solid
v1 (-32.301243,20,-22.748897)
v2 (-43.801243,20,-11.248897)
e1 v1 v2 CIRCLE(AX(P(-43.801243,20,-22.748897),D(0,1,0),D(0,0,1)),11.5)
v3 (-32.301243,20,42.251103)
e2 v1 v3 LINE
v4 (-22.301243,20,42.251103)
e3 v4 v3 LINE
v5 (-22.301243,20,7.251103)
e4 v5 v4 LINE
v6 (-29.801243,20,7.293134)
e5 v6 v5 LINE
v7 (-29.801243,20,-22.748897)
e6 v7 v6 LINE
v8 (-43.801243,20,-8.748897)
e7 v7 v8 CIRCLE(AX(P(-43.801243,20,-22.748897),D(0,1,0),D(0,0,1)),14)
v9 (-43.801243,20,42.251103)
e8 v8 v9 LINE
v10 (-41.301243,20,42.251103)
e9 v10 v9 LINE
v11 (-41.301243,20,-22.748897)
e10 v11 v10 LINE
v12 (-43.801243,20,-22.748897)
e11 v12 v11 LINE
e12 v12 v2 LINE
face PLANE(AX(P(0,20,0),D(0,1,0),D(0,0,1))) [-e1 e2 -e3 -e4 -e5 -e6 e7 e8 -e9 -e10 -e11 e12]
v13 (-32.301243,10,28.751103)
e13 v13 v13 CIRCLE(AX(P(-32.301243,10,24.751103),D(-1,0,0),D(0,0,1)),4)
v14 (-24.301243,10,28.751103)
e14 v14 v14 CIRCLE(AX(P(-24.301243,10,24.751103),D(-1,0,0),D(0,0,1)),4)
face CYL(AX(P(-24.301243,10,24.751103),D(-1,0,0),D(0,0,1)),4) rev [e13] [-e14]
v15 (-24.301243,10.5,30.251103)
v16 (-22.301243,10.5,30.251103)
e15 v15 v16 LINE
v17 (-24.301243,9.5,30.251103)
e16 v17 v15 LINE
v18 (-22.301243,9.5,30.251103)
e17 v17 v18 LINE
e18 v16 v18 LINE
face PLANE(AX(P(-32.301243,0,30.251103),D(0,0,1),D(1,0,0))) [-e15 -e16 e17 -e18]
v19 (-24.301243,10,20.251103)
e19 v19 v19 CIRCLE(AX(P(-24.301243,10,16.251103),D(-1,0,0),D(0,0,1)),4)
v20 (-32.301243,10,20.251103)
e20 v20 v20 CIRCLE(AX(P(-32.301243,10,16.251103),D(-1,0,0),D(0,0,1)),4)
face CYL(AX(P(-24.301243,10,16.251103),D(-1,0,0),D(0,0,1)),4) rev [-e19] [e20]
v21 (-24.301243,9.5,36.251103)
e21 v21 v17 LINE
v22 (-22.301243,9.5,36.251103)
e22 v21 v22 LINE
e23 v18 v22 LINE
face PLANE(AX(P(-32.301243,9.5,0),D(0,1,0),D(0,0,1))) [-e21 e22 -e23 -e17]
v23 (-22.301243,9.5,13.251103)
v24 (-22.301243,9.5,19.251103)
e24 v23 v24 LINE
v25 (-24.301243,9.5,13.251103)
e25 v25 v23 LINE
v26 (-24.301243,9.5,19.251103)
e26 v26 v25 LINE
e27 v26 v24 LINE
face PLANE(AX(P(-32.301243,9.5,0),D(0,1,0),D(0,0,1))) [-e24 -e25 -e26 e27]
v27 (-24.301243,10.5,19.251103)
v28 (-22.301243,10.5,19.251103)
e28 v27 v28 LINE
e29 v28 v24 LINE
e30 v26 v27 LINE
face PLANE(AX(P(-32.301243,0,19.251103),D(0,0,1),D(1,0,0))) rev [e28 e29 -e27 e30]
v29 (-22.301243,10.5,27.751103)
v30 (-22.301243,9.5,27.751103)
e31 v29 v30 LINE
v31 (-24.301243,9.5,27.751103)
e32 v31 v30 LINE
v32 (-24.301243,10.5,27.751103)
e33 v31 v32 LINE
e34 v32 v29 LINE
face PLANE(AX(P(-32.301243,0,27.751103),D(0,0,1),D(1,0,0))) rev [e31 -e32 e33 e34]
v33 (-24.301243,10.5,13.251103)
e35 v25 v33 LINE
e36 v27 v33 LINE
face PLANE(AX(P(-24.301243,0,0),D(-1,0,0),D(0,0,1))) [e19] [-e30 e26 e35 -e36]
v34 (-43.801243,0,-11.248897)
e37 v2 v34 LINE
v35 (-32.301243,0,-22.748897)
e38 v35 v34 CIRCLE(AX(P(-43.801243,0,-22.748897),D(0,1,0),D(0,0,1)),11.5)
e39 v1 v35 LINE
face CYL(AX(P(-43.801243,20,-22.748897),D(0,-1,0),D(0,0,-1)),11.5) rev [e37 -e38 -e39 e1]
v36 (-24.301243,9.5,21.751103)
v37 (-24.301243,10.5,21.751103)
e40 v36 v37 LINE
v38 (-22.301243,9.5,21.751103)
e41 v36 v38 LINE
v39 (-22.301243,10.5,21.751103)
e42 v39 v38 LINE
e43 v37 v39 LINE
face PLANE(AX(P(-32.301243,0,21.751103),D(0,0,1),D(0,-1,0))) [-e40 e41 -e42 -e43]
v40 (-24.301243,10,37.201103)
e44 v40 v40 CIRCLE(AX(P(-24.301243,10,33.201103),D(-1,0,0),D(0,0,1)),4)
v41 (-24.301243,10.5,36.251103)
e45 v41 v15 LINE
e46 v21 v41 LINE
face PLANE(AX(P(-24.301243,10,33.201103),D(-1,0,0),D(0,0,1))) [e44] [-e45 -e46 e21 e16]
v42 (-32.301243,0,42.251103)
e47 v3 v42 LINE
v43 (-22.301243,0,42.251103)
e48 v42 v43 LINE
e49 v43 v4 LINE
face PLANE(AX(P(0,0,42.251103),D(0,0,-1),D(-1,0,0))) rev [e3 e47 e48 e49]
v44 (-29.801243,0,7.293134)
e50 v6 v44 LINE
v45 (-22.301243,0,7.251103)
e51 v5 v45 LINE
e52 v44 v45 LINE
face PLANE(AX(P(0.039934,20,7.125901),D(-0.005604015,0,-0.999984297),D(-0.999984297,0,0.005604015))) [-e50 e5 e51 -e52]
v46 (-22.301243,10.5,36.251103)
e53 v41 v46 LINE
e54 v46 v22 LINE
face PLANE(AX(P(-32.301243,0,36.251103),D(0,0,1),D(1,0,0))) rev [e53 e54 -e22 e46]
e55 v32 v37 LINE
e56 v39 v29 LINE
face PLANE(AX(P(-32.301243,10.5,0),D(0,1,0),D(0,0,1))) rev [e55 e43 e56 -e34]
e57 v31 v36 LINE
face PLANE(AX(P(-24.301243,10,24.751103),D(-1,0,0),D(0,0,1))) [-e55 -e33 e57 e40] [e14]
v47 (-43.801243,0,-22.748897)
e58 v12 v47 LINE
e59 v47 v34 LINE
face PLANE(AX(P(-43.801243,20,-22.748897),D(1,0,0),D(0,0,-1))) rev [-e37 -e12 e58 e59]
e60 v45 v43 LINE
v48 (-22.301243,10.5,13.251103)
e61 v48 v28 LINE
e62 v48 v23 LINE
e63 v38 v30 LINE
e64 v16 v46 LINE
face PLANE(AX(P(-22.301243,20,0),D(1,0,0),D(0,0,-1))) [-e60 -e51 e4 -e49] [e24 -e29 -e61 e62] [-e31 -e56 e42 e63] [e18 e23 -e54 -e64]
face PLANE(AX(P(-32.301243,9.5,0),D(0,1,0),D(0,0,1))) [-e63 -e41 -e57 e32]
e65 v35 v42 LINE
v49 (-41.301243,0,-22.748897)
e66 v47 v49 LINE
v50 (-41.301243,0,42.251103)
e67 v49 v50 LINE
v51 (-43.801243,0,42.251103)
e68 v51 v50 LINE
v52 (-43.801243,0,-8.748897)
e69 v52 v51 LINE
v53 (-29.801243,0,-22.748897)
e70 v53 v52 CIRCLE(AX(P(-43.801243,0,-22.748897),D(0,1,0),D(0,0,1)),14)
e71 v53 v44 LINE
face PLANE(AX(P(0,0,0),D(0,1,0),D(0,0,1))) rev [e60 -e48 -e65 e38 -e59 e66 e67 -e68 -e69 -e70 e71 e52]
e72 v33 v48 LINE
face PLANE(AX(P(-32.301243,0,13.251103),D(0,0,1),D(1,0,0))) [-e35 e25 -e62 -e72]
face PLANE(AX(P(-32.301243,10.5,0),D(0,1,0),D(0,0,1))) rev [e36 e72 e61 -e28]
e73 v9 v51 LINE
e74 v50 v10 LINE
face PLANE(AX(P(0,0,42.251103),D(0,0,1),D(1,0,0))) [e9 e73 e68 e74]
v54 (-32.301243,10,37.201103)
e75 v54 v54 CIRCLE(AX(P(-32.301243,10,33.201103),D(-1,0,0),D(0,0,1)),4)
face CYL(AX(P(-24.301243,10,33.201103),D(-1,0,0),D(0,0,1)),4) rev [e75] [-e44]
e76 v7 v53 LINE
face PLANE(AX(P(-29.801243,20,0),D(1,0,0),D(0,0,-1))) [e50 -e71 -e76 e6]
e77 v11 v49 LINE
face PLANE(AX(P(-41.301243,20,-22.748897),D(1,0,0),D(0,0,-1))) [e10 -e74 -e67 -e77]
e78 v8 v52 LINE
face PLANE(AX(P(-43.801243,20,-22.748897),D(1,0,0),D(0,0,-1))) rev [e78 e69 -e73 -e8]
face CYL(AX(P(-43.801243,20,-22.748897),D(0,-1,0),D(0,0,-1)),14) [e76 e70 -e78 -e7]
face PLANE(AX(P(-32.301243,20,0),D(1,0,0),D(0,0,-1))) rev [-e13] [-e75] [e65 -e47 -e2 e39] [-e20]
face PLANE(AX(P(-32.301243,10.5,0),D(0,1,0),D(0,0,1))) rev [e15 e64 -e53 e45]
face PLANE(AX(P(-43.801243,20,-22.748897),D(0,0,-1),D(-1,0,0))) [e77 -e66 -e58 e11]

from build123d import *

# Parameters (mm, degrees)
BOSS_EXTRUDE1_DEPTH = 20
SKETCH2_R           = 4
CUT_EXTRUDE2_DEPTH  = 8
CUT_EXTRUDE4_DEPTH  = 10
SKETCH6_W           = 2.5
SKETCH6_H           = 20
SKETCH6_W_2         = 10
BOSS_EXTRUDE3_DEPTH = 5


with BuildPart() as part:
    # Sketch1 → Boss-Extrude1 (new body)
    with BuildSketch(Plane(origin=(0, 0, 0), x_dir=(1, 0, 0), z_dir=(0, 1, 0))):
        with BuildLine():
            Line((-29.801242739, -7.293134051), (-29.801242739, 22.74889672))
            ThreePointArc((-29.801242739, 22.74889672), (-53.700737675, 32.648391657), (-43.801242739, 8.74889672))
            Line((-43.801242739, 8.74889672), (-43.801242739, -37.25110328))
            Line((-43.801242739, -37.25110328), (-41.301242739, -37.25110328))
            Line((-41.301242739, -37.25110328), (-41.301242739, 22.74889672))
            Line((-41.301242739, 22.74889672), (-43.801242739, 22.74889672))
            Line((-43.801242739, 22.74889672), (-43.801242739, 11.24889672))
            ThreePointArc((-43.801242739, 11.24889672), (-51.932970722, 30.880624704), (-32.301242739, 22.74889672))
            Line((-32.301242739, 22.74889672), (-32.301242739, -37.25110328))
            Line((-32.301242739, -37.25110328), (-22.301242739, -37.25110328))
            Line((-22.301242739, -37.25110328), (-22.301242739, -7.25110328))
            Line((-22.301242739, -7.25110328), (-29.801242739, -7.293134051))
        make_face()
    extrude(amount=BOSS_EXTRUDE1_DEPTH)

    # Sketch2 → Cut-Extrude2 (cut)
    with BuildSketch(Plane.ZY.offset(32.301242739)):
        with Locations((16.25110328, 10)):
            Circle(SKETCH2_R)
        with Locations((33.20110328, 10)):
            Circle(SKETCH2_R)
        with Locations((24.75110328, 10)):
            Circle(SKETCH2_R)
    extrude(amount=-CUT_EXTRUDE2_DEPTH, mode=Mode.SUBTRACT)

    # Sketch3 → Cut-Extrude4 (cut)
    with BuildSketch(Plane(origin=(-22.301242739, 0, 0), x_dir=(0, 0, -1), z_dir=(1, 0, 0))):
        Polygon((-24.75110328, 10), (-27.75110328, 10.5), (-27.75110328, 9.5), align=None)
        Polygon((-21.75110328, 10.5), (-27.75110328, 10.5), (-24.75110328, 10), align=None)
        Polygon((-21.75110328, 10.5), (-24.75110328, 10), (-21.75110328, 9.5), align=None)
        Polygon((-21.75110328, 9.5), (-24.75110328, 10), (-27.75110328, 9.5), align=None)
        Polygon((-16.25110328, 10), (-19.25110328, 10.5), (-19.25110328, 9.5), align=None)
        Polygon((-13.25110328, 10.5), (-16.25110328, 10), (-13.25110328, 9.5), align=None)
        Polygon((-13.25110328, 10.5), (-19.25110328, 10.5), (-16.25110328, 10), align=None)
        Polygon((-13.25110328, 9.5), (-16.25110328, 10), (-19.25110328, 9.5), align=None)
        Polygon((-30.25110328, 10.5), (-33.25110328, 10), (-30.25110328, 9.5), align=None)
        Polygon((-30.25110328, 10.5), (-36.25110328, 10.5), (-33.25110328, 10), align=None)
        Polygon((-33.25110328, 10), (-36.25110328, 10.5), (-36.25110328, 9.5), align=None)
        Polygon((-30.25110328, 9.5), (-33.25110328, 10), (-36.25110328, 9.5), align=None)
    extrude(amount=-CUT_EXTRUDE4_DEPTH, mode=Mode.SUBTRACT)

    # Sketch6 → Boss-Extrude3 (add)
    with BuildSketch(Plane.XY.offset(37.25110328)):
        with Locations((-42.551242739, 10)):
            Rectangle(SKETCH6_W, SKETCH6_H)
        with Locations((-27.301242739, 10)):
            Rectangle(SKETCH6_W_2, SKETCH6_H)
    extrude(amount=BOSS_EXTRUDE3_DEPTH)


solid = part.part
